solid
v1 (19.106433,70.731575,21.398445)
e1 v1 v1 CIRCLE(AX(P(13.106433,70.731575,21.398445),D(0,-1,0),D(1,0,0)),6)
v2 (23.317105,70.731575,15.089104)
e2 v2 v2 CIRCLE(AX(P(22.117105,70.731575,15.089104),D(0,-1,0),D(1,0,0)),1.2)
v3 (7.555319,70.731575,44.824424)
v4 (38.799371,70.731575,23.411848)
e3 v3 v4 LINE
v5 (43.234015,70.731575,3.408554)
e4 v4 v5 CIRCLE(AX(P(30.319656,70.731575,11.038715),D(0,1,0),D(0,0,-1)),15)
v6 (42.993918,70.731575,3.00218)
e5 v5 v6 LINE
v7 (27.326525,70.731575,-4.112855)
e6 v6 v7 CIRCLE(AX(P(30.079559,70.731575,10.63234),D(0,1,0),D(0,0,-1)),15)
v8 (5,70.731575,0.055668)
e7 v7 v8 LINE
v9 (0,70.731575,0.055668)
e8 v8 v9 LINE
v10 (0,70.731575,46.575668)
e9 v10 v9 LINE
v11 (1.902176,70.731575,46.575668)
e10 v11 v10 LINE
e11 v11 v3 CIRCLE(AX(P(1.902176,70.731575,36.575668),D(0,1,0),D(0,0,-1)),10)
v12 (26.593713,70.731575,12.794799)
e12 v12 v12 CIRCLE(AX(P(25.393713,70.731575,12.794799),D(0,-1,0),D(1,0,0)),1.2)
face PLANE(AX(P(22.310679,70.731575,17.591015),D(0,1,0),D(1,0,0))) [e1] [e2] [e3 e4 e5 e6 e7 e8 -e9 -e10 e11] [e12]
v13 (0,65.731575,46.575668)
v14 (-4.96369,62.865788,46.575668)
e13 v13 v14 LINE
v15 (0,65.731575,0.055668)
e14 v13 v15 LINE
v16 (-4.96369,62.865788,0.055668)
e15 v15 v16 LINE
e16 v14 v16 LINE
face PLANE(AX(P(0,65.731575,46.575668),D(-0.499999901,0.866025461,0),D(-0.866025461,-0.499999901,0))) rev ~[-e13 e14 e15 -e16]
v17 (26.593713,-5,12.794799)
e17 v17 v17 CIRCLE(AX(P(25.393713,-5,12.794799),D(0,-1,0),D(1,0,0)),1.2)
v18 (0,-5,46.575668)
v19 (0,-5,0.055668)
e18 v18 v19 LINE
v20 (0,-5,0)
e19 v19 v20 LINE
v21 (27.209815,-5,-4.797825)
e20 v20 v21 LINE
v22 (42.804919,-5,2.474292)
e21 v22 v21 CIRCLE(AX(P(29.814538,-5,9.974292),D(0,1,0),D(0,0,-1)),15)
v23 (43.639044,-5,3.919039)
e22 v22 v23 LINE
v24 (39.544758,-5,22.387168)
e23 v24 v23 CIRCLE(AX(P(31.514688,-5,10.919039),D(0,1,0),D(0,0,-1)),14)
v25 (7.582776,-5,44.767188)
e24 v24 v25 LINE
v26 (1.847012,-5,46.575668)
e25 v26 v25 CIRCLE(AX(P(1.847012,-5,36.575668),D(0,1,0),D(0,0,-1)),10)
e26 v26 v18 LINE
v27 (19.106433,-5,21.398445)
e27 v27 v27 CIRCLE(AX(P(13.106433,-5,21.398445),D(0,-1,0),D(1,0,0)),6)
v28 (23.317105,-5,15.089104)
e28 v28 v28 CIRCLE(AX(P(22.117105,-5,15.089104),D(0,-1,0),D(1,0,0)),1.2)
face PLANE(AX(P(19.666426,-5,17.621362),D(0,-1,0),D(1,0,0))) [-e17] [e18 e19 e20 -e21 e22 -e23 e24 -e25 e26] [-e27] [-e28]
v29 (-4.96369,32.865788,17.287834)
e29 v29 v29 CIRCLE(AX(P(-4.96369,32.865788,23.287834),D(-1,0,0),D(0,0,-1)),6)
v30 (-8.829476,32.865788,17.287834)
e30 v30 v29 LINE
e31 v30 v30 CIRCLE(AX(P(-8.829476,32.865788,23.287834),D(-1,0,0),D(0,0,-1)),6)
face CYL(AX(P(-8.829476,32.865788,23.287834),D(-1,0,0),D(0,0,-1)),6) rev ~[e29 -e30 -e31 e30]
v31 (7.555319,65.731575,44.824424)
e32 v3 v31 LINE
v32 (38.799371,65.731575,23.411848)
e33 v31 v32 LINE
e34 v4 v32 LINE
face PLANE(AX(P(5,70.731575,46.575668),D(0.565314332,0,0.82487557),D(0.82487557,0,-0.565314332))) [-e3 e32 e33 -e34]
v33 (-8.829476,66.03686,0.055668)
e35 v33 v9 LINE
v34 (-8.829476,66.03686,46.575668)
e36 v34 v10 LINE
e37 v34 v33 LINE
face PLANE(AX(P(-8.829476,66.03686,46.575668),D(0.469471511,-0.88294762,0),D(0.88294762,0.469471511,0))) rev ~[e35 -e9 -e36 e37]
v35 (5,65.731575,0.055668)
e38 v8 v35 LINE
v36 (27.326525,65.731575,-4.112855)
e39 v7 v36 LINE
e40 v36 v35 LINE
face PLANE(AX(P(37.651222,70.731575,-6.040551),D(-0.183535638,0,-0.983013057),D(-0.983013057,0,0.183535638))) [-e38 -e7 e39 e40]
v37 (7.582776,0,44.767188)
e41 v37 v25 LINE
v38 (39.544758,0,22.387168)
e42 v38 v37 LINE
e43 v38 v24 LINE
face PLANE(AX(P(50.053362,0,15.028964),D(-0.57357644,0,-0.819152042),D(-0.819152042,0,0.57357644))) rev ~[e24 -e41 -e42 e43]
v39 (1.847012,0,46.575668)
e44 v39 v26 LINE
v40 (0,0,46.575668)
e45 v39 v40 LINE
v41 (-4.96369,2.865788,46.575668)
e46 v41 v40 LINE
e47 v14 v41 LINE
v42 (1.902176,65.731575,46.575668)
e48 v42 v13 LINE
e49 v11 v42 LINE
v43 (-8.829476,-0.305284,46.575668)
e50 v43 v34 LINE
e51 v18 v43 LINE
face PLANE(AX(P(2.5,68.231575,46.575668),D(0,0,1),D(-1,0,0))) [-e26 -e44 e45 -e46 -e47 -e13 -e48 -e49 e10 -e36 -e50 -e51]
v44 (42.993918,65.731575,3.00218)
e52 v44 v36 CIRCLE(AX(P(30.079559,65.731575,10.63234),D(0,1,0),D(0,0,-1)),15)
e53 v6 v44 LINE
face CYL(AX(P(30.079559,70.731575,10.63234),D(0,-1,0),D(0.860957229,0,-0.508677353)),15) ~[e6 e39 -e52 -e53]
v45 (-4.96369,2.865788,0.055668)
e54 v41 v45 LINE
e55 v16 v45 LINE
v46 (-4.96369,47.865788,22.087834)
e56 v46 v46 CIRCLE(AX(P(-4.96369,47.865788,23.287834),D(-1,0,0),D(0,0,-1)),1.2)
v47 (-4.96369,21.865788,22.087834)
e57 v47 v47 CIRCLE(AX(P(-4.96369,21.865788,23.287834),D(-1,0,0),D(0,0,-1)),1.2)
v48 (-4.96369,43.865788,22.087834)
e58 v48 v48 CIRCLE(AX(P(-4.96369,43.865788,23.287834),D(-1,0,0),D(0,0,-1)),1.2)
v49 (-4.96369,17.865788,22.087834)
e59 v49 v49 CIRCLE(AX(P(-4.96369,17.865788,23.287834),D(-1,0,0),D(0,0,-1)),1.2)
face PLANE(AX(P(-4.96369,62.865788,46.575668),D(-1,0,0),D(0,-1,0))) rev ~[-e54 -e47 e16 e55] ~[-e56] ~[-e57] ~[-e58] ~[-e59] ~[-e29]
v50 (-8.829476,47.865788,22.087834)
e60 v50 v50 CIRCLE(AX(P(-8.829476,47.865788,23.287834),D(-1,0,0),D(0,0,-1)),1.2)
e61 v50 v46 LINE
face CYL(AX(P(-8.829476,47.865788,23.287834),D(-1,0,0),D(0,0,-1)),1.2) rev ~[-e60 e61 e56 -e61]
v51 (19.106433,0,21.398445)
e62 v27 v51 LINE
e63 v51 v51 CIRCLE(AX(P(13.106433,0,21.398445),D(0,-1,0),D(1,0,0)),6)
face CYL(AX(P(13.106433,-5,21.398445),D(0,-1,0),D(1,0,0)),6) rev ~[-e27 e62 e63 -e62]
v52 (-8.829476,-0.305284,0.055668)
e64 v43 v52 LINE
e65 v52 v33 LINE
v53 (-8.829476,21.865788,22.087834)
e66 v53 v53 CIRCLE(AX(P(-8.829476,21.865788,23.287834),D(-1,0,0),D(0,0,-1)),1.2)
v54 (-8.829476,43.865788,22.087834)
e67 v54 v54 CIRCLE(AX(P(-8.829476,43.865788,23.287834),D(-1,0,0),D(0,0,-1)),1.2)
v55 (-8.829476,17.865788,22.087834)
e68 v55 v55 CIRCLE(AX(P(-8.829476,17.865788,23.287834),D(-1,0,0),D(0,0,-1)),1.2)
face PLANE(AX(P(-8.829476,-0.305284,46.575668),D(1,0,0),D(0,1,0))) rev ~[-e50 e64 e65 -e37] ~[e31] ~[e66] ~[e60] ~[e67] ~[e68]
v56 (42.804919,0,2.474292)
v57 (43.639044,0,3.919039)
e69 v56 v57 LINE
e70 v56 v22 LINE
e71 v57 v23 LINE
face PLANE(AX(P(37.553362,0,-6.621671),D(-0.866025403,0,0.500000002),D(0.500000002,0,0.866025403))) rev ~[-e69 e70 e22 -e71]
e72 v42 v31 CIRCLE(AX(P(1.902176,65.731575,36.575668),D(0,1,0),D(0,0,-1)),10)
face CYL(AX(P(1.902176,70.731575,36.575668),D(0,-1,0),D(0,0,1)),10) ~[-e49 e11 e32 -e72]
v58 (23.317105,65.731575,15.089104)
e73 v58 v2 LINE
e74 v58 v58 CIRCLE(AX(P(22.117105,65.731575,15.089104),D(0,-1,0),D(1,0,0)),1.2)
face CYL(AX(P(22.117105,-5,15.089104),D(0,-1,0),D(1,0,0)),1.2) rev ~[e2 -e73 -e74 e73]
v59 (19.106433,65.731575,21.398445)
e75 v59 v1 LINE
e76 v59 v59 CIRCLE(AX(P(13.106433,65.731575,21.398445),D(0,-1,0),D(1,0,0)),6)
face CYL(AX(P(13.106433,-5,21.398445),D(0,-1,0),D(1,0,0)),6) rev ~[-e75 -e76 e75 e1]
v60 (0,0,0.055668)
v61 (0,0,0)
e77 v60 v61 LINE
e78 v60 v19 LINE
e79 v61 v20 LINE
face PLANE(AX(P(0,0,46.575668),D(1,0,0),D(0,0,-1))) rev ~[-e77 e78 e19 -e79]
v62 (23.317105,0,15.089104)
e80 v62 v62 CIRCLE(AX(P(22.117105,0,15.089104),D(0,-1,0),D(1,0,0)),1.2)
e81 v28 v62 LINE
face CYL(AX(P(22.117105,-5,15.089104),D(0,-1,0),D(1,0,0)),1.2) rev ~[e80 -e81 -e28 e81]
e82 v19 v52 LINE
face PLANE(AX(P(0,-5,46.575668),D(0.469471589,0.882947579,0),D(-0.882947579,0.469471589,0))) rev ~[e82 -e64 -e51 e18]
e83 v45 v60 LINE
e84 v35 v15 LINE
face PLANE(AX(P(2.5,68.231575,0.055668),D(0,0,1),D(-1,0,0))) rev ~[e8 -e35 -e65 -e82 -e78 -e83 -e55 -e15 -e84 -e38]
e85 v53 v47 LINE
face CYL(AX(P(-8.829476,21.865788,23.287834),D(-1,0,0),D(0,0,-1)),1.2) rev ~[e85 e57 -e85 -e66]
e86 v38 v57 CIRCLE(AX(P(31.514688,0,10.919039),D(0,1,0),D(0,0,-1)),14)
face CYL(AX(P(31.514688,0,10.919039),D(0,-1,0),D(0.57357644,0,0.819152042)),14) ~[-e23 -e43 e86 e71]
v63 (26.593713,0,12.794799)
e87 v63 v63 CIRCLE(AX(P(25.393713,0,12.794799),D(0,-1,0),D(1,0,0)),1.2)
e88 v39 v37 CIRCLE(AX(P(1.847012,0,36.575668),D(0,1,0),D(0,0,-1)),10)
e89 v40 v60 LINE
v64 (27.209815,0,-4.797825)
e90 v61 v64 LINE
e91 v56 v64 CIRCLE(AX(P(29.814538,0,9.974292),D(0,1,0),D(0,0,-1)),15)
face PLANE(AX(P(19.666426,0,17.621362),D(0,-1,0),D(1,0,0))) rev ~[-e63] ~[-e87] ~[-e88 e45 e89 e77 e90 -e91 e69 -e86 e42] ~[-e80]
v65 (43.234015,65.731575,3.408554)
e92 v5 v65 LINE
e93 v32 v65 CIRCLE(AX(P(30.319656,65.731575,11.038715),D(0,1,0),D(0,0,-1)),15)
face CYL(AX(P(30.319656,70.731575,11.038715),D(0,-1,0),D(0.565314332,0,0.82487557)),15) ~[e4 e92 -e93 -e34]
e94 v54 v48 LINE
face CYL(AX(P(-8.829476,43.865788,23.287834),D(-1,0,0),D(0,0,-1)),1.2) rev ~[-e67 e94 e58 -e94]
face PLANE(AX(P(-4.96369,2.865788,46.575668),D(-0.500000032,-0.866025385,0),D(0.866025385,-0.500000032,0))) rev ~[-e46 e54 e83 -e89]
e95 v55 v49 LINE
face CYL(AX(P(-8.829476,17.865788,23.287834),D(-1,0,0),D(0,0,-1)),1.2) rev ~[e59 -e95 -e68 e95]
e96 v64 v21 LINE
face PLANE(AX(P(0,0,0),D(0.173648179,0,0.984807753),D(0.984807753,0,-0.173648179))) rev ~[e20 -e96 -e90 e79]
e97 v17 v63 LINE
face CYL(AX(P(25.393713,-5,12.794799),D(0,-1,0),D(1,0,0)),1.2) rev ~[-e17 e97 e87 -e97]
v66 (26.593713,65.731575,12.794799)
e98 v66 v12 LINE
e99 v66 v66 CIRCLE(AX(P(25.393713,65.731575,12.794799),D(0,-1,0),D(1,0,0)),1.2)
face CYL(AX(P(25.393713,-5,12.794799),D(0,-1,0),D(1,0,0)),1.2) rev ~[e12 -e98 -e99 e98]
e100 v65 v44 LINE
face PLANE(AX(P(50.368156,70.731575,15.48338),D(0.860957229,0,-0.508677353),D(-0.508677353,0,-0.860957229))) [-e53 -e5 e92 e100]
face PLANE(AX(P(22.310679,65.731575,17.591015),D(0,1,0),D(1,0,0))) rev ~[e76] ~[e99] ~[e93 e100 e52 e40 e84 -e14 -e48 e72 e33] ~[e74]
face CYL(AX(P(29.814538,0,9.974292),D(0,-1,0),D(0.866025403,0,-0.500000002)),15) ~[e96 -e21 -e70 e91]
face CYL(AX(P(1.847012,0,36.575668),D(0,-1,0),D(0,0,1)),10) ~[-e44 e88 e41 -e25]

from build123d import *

# Parameters (mm, degrees)
PAD_DEPTH       = 5
PAD001_DEPTH    = 46.52
SKETCH002_W     = 5
SKETCH002_H     = 5
PAD002_DEPTH    = 46.52
PAD003_DEPTH    = 5
SKETCH004_R     = 6
SKETCH004_R_2   = 1.2
POCKET_DEPTH    = 5
SKETCH005_R     = 6
SKETCH005_R_2   = 1.2
POCKET001_DEPTH = 75.732575
FILLET_R        = 14
FILLET001_R     = 15
FILLET002_R     = 15
FILLET003_R     = 15
FILLET004_R     = 10
FILLET005_R     = 10


with BuildPart() as part:
    # Sketch → Pad (new body)
    with BuildSketch(Plane.XZ):
        Polygon((0, 0), (37.553362, -6.621671), (50.053362, 15.028964), (5, 46.575668), (0, 46.575668), align=None)
    extrude(amount=PAD_DEPTH)

    # Sketch001 → Pad001 (new body)
    with BuildSketch(Plane(origin=(0, 0, 46.575668), x_dir=(-1, 0, 0), z_dir=(0, 0, 1))):
        Polygon((0, 5), (8.829476, 0.305284), (8.829476, -66.03686), (0, -70.731575), (0, -65.731575), (4.96369, -62.865788), (4.96369, -2.865788), (0, 0), align=None)
    extrude(amount=-PAD001_DEPTH)

    # Sketch002 → Pad002 (new body)
    with BuildSketch(Plane(origin=(0, 0, 46.575668), x_dir=(-1, 0, 0), z_dir=(0, 0, 1))):
        with Locations((-2.5, -68.231575)):
            Rectangle(SKETCH002_W, SKETCH002_H)
    extrude(amount=-PAD002_DEPTH)

    # Sketch003 → Pad003 (new body)
    with BuildSketch(Plane(origin=(0, 70.731575, 0), x_dir=(1, 0, 0), z_dir=(0, 1, 0))):
        Polygon((5, -0.055668), (5, -46.575668), (50.368156, -15.48338), (37.651222, 6.040551), align=None)
    extrude(amount=-PAD003_DEPTH)

    # Sketch004 → Pocket (cut)
    with BuildSketch(Plane(origin=(-8.829476, 0, 0), x_dir=(0, 0, -1), z_dir=(-1, 0, 0))):
        with Locations((-23.287834, -32.865788)):
            Circle(SKETCH004_R)
        with Locations((-23.287834, -21.865788)):
            Circle(SKETCH004_R_2)
        with Locations((-23.287834, -17.865788)):
            Circle(SKETCH004_R_2)
        with Locations((-23.287834, -43.865788)):
            Circle(SKETCH004_R_2)
        with Locations((-23.287834, -47.865788)):
            Circle(SKETCH004_R_2)
    extrude(amount=-POCKET_DEPTH, mode=Mode.SUBTRACT)

    # Sketch005 → Pocket001 (cut, through all)
    with BuildSketch(Plane.XZ.offset(5)):
        with Locations((13.106433, 21.398445)):
            Circle(SKETCH005_R)
        with Locations((22.117105, 15.089104)):
            Circle(SKETCH005_R_2)
        with Locations((25.393713, 12.794799)):
            Circle(SKETCH005_R_2)
    extrude(amount=-POCKET001_DEPTH, mode=Mode.SUBTRACT)

    # Fillet
    fillet_edges = [part.edges().sort_by_distance(p)[0] for p in [
        (50.053362, -2.5, 15.028964),
    ]]
    fillet(fillet_edges, radius=FILLET_R)

    # Fillet001
    fillet001_edges = [part.edges().sort_by_distance(p)[0] for p in [
        (37.553362, -2.5, -6.621671),
    ]]
    fillet(fillet001_edges, radius=FILLET001_R)

    # Fillet002
    fillet002_edges = [part.edges().sort_by_distance(p)[0] for p in [
        (50.368156, 68.231575, 15.48338),
    ]]
    fillet(fillet002_edges, radius=FILLET002_R)

    # Fillet003
    fillet003_edges = [part.edges().sort_by_distance(p)[0] for p in [
        (37.651222, 68.231575, -6.040551),
    ]]
    fillet(fillet003_edges, radius=FILLET003_R)

    # Fillet004
    fillet004_edges = [part.edges().sort_by_distance(p)[0] for p in [
        (5, -2.5, 46.575668),
    ]]
    fillet(fillet004_edges, radius=FILLET004_R)

    # Fillet005
    fillet005_edges = [part.edges().sort_by_distance(p)[0] for p in [
        (5, 68.231575, 46.575668),
    ]]
    fillet(fillet005_edges, radius=FILLET005_R)


solid = part.part
